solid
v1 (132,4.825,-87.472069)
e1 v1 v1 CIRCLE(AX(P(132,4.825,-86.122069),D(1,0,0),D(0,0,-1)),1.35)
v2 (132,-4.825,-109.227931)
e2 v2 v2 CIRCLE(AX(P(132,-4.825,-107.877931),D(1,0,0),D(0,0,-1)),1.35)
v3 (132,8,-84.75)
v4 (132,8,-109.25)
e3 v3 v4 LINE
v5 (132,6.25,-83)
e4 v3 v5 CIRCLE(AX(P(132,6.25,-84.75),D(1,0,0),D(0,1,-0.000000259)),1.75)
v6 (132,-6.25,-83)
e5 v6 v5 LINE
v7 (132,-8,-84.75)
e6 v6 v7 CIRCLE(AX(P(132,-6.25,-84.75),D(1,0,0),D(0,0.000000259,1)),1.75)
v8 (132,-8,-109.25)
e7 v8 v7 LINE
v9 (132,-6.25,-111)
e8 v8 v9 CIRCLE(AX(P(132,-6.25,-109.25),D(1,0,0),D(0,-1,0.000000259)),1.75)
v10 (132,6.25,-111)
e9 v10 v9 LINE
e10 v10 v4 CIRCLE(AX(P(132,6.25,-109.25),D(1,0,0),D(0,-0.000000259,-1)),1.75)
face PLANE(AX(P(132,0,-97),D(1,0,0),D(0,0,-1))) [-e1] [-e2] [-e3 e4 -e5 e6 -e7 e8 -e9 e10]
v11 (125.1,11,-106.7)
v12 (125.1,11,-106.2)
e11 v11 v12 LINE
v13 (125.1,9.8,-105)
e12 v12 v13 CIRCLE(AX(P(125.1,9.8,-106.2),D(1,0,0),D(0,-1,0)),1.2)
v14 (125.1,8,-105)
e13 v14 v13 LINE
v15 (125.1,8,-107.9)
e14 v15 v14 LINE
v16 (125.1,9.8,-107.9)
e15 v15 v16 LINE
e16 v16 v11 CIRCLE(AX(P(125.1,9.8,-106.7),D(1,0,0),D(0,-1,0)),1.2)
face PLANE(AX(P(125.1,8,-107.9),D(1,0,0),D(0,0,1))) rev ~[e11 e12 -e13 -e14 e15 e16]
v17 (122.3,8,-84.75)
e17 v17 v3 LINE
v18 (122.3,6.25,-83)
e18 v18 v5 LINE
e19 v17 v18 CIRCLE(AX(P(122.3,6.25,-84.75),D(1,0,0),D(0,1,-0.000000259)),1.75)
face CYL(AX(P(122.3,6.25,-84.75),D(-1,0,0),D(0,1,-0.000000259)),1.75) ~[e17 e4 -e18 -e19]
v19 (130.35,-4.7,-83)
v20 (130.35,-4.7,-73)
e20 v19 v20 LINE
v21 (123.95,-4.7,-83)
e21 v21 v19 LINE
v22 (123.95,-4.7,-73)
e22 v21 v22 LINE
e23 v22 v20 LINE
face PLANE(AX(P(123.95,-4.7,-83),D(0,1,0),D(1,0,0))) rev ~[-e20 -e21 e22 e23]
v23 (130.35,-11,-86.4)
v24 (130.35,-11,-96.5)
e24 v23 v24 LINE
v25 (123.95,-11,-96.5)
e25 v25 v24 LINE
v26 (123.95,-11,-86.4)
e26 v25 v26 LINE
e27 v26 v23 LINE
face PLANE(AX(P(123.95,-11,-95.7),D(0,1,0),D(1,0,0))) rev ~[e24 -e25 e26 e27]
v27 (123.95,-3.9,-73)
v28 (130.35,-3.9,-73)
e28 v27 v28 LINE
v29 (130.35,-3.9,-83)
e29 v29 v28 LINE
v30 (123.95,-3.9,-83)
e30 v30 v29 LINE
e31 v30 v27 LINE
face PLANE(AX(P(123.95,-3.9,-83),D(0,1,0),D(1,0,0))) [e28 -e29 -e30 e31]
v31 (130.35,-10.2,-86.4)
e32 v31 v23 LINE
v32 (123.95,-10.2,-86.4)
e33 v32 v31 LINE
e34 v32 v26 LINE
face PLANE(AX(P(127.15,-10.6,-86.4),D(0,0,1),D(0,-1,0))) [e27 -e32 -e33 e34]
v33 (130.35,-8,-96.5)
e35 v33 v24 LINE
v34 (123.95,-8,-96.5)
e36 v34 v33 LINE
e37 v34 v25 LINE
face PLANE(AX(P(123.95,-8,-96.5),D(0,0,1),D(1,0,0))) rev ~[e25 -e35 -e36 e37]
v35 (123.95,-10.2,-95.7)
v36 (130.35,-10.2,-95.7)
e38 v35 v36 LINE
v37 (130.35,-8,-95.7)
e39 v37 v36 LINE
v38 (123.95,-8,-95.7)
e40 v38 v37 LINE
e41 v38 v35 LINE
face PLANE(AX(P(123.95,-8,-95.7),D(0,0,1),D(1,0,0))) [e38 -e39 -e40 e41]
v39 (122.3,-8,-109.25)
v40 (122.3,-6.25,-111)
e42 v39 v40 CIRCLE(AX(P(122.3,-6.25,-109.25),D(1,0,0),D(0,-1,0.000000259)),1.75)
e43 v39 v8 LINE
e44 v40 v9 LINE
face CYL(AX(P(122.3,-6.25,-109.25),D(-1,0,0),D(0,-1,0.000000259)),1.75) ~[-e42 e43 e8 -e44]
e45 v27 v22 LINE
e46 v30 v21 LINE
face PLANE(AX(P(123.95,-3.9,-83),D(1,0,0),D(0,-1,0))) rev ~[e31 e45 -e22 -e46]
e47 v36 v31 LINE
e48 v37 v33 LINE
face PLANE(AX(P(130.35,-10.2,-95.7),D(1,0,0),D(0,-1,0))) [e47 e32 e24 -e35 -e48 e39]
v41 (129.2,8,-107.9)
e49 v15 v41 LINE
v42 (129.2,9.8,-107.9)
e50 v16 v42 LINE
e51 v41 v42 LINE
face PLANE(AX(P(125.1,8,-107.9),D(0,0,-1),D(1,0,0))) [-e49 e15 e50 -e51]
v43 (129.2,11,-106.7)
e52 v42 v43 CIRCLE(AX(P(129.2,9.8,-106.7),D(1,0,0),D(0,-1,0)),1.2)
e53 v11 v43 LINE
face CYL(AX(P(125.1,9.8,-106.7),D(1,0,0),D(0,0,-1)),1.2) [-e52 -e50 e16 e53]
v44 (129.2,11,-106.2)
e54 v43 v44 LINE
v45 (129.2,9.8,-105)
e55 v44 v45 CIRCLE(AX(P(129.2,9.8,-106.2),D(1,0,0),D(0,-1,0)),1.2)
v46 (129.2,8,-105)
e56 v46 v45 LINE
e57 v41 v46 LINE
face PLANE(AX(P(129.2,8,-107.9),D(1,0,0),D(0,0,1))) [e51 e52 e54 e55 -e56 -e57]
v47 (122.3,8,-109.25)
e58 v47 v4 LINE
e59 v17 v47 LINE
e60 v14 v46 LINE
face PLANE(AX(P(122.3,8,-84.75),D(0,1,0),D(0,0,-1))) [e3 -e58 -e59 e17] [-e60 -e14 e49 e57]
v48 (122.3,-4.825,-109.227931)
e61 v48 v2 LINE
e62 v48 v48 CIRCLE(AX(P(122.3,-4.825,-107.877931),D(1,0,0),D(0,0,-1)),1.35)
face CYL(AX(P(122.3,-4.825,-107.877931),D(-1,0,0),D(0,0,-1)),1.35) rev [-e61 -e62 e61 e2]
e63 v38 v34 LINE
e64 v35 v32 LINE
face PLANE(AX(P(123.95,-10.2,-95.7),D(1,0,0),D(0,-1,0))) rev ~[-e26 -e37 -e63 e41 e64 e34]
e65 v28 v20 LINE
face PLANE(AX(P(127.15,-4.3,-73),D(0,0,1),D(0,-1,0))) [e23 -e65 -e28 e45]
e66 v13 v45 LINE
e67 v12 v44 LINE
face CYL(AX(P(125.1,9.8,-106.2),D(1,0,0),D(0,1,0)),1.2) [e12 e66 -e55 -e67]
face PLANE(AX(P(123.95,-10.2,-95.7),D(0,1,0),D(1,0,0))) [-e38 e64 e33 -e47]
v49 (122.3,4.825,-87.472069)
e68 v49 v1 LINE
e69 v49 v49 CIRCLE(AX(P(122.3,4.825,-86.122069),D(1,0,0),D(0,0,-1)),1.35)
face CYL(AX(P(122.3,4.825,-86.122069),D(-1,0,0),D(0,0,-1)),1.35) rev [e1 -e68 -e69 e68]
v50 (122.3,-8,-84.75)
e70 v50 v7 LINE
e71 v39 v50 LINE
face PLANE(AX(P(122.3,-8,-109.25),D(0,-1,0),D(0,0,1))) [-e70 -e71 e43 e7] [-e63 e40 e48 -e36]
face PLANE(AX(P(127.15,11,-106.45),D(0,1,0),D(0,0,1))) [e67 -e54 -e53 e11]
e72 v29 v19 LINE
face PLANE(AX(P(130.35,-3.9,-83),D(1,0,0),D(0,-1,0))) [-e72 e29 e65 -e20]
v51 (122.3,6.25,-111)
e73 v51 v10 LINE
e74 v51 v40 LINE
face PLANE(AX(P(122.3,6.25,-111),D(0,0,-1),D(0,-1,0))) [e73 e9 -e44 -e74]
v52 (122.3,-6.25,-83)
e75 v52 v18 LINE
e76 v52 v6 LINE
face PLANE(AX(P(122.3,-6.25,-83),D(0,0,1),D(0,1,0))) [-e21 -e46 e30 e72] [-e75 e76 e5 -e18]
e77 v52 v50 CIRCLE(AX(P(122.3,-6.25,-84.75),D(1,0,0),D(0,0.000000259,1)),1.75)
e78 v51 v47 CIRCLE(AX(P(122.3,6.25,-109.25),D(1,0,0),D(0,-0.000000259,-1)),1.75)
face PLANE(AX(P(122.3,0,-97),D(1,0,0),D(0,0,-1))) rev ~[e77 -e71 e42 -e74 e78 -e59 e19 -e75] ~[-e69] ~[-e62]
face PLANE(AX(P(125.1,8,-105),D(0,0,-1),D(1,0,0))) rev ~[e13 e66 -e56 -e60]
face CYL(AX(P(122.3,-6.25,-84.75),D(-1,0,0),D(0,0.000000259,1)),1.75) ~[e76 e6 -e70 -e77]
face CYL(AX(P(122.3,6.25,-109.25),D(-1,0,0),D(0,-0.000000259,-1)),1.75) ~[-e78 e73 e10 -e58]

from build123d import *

# Parameters (mm, degrees)
SKETCH036_R             = 1.35
PAD036_DEPTH            = 9.7
SKETCH037_W             = 2.9
SKETCH037_H             = 4.1
PAD037_DEPTH            = 3
SKETCH038_W             = 0.8
SKETCH038_H             = 6.4
PAD038_DEPTH            = 10
SKETCH039_W             = 0.8
SKETCH039_H             = 6.4
PAD039_DEPTH            = 3
SKETCH040_W             = 0.8
SKETCH040_H             = 6.4
PAD040_DEPTH            = 9.3
FILLET004_R             = 1.2
BODY008_PLACEMENT_ANGLE = 90


with BuildPart() as part:
    # Sketch036 → Pad036 (new body)
    with BuildSketch(Plane.XY):
        with BuildLine():
            ThreePointArc((-12.25, 8), (-13.487437, 7.487437), (-14, 6.25))
            Line((-14, -6.25), (-14, 6.25))
            ThreePointArc((-14, -6.25), (-13.487437, -7.487437), (-12.25, -8))
            Line((12.25, -8), (-12.25, -8))
            ThreePointArc((12.25, -8), (13.487437, -7.487437), (14, -6.25))
            Line((14, 6.25), (14, -6.25))
            ThreePointArc((14, 6.25), (13.487437, 7.487437), (12.25, 8))
            Line((-12.25, 8), (12.25, 8))
        make_face()
        with Locations((10.877931, -4.825)):
            Circle(SKETCH036_R, mode=Mode.SUBTRACT)
        with Locations((-10.877931, 4.825)):
            Circle(SKETCH036_R, mode=Mode.SUBTRACT)
    extrude(amount=PAD036_DEPTH)

    # Sketch037 (on Face8 of Pad036) → Pad037 (join)
    with BuildSketch(Plane(origin=(0, 8, 0), x_dir=(-1, 0, 0), z_dir=(0, 1, 0))):
        with Locations((-9.45, 4.85)):
            Rectangle(SKETCH037_W, SKETCH037_H)
    extrude(amount=PAD037_DEPTH)

    # Sketch038 (on Face3 of Pad037) → Pad038 (join)
    with BuildSketch(Plane(origin=(-14, 0, 0), x_dir=(0, -1, 0), z_dir=(-1, 0, 0))):
        with Locations((4.3, 4.85)):
            Rectangle(SKETCH038_W, SKETCH038_H)
    extrude(amount=PAD038_DEPTH)

    # Sketch039 (on Face16 of Pad038) → Pad039 (join)
    with BuildSketch(Plane.XZ.offset(8)):
        with Locations((-0.9, 4.85)):
            Rectangle(SKETCH039_W, SKETCH039_H)
    extrude(amount=PAD039_DEPTH)

    # Sketch040 (on Face23 of Pad039) → Pad040 (join)
    with BuildSketch(Plane(origin=(-1.3, 0, 0), x_dir=(0, -1, 0), z_dir=(-1, 0, 0))):
        with Locations((10.6, 4.85)):
            Rectangle(SKETCH040_W, SKETCH040_H)
    extrude(amount=PAD040_DEPTH)

    # Fillet004
    fillet004_edges = [part.edges().sort_by_distance(p)[0] for p in [
        (10.9, 11, 4.85),
        (8, 11, 4.85),
    ]]
    fillet(fillet004_edges, radius=FILLET004_R)


with BuildPart() as part_1:
    # Body008 placement: moved
    add(part.part.moved(Location((122.3, 0, -97))).rotate(Axis((122.3, 0, -97), (0, 1, 0)), BODY008_PLACEMENT_ANGLE))


solid = part_1.part
